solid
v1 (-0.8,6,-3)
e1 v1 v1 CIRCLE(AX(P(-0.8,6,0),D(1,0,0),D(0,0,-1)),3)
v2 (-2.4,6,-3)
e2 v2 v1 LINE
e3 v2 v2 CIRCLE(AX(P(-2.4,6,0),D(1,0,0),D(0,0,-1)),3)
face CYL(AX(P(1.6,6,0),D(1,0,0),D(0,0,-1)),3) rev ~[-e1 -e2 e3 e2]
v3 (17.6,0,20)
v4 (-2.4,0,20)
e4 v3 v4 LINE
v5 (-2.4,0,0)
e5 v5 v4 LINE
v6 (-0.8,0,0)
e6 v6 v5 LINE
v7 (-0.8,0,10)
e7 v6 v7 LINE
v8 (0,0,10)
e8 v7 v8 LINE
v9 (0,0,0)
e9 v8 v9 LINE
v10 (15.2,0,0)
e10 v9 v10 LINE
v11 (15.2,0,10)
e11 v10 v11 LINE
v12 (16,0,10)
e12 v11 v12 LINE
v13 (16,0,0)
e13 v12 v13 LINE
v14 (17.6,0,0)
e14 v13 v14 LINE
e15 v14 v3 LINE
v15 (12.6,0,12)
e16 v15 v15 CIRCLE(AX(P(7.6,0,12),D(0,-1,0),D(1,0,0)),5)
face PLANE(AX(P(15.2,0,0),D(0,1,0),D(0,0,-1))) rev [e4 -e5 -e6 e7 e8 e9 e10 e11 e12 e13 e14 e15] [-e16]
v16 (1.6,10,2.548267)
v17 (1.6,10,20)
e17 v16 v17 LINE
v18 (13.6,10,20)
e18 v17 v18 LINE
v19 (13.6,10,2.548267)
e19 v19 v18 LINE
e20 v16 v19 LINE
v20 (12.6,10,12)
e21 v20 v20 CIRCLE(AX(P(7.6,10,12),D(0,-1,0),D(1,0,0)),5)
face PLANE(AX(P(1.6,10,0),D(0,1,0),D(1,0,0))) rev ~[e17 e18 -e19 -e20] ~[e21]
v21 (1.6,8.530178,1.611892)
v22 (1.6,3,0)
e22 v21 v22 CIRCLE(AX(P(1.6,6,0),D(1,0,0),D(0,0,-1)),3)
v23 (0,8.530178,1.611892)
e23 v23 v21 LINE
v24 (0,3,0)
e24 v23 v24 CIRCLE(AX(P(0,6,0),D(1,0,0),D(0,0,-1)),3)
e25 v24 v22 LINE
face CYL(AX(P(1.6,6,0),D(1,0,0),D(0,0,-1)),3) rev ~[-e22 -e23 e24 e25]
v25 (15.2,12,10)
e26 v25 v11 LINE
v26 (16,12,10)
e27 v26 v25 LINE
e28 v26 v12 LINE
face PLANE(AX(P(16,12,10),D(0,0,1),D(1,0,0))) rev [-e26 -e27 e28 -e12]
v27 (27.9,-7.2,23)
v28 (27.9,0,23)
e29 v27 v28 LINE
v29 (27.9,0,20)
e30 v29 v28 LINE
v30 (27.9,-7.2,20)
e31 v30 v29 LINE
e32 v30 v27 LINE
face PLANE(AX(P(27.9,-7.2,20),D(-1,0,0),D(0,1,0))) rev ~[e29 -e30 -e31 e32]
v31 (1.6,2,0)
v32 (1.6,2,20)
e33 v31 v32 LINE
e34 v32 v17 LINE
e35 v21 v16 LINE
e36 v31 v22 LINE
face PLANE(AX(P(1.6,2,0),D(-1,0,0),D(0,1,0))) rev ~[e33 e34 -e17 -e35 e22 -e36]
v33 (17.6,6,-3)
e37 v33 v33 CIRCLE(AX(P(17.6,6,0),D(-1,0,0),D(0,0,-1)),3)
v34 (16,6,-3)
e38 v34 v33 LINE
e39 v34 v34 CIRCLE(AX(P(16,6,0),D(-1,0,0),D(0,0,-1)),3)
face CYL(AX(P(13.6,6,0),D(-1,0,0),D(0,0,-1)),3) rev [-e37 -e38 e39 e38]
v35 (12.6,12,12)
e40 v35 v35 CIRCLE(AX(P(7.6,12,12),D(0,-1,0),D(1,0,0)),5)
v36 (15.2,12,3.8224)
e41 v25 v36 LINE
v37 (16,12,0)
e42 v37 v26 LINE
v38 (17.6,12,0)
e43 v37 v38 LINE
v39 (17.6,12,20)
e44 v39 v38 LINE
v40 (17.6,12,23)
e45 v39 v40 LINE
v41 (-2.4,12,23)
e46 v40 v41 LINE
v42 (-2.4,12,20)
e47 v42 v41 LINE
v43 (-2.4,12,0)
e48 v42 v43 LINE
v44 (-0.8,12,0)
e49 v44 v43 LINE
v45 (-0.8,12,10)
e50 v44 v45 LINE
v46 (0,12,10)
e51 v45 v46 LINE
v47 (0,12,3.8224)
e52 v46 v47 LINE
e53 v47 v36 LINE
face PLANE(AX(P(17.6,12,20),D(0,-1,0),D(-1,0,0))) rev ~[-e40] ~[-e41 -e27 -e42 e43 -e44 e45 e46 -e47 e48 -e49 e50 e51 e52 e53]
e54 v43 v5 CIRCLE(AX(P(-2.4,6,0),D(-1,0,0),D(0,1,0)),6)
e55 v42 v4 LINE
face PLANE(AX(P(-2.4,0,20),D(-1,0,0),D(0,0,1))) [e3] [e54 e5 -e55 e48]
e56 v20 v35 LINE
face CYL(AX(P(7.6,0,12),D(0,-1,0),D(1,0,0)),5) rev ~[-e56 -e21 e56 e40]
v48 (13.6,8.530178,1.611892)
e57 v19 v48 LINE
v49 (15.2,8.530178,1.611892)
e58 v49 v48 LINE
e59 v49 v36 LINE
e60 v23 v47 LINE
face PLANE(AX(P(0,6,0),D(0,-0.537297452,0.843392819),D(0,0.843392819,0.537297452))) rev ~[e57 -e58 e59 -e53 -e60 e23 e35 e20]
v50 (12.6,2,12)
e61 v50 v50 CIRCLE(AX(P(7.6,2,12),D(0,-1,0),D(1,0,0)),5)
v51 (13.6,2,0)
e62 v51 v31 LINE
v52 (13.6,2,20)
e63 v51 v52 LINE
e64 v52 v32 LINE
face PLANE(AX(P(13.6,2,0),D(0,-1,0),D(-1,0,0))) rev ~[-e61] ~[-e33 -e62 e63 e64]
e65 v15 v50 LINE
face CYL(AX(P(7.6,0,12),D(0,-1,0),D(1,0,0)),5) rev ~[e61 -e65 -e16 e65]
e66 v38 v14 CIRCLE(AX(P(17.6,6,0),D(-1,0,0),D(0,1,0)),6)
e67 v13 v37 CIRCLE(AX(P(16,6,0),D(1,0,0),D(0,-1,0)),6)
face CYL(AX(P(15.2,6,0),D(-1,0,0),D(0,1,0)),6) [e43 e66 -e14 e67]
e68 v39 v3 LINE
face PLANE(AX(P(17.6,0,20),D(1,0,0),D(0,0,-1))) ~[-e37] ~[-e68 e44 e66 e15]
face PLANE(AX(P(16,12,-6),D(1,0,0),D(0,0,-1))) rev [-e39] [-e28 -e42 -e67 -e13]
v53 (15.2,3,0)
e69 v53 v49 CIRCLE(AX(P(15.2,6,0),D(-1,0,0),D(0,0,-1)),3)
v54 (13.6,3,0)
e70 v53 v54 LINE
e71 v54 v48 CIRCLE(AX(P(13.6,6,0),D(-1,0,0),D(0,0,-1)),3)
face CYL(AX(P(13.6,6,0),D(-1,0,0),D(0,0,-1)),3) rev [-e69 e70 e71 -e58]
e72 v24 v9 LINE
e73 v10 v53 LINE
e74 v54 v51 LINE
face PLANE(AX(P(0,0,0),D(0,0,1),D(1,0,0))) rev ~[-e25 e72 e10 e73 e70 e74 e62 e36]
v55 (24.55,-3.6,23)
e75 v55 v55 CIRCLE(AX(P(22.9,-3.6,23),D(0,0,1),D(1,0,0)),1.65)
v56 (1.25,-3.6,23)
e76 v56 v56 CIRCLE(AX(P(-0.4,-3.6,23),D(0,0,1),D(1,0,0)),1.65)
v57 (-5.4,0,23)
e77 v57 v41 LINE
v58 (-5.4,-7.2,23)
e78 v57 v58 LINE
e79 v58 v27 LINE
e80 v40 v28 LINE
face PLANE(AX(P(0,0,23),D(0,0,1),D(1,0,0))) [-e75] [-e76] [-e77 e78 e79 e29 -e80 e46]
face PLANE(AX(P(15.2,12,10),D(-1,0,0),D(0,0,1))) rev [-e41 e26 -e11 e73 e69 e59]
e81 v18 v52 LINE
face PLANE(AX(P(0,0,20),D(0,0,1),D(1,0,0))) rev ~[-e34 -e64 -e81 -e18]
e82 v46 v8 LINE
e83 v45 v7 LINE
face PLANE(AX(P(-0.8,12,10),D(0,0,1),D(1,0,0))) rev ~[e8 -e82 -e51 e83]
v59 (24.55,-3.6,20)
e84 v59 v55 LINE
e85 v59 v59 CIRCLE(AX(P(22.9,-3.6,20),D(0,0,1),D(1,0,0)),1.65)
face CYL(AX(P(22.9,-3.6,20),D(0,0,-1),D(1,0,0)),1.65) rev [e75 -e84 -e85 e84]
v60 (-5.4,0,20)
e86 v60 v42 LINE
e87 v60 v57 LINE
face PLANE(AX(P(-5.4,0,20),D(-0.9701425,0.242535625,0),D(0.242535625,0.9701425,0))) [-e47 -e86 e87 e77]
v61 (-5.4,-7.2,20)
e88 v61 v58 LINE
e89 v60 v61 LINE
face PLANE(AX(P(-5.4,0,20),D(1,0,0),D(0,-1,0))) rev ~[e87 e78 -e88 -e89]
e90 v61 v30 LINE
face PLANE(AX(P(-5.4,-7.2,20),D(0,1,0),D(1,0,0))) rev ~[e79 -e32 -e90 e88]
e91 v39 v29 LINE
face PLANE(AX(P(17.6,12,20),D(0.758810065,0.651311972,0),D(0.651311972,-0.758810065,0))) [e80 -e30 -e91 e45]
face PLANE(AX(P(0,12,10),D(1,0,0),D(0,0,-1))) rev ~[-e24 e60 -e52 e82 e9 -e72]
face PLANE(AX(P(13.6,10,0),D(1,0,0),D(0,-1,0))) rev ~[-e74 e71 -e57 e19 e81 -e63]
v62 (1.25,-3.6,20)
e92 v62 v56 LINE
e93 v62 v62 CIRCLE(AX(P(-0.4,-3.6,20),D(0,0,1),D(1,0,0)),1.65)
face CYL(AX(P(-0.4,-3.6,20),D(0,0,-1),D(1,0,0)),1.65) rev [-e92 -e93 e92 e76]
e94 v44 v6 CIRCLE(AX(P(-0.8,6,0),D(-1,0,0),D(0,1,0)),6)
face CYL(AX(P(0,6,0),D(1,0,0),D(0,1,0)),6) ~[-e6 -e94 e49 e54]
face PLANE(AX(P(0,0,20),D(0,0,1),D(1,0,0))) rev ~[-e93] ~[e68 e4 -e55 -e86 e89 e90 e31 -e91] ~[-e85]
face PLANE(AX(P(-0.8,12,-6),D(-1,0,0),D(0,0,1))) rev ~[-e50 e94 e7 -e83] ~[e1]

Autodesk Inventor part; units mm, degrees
ref_plane "YZ Plane" through (0, 0, 0) normal (1, 0, 0) x (0, 1, 0)
ref_plane "XZ Plane" through (0, 0, 0) normal (0, 1, 0) x (-1, 0, 0)
sketch "Sketch1" plane through (0, 0, 0) normal (0, 0, 1) x (1, 0, 0)
  line L0 (0, 0) -> (15.2, 0)
  line L1 (15.2, 0) -> (15.2, 12)
  line L2 (15.2, 12) -> (0, 12)
  line L3 (0, 12) -> (0, 0)
  line L4 (1.6, 10) -> (13.6, 10)
  line L5 (13.6, 10) -> (13.6, 2)
  line L6 (13.6, 2) -> (1.6, 2)
  line L7 (1.6, 2) -> (1.6, 10)
  dimension "d0" = 15.2
  dimension "d1" = 12
  dimension "d2" = 1.6
  dimension "d3" = 2
  dimension "d4" = 2
  dimension "d5" = 1.6
extrude "Extrusion1" add sketch "Sketch1" along normal blind 20
sketch "Sketch2" plane through (0, 0, 0) normal (1, 0, 0) x (0, 1, 0)
  line L0 (0, 0) -> (12, 0) construction
  line L1 (6, 13.0663) -> (6, -2.0093) construction
  line L2 (0, 0) -> (0, 20) construction
  line L3 (12, 0) -> (12, 20) construction
  line L4 (6, 0) -> (12, 3.8224)
  line L5 (12, 3.8224) -> (12, 0)
  line L6 (12, 0) -> (6, 0)
  dimension "d8" = 12
  dimension "d9" = 6
  dimension "d10" = 32.5
extrude "Extrusion2" cut sketch "Sketch2" along normal through all
sketch "Sketch9" plane through (0, 0, 20) normal (-1, 0, 0) x (0, 0, 1)
  line L0 (-20, 0) -> (0, 0) construction
  line L1 (0, 12) -> (0, 0) construction
  line L2 (-16.1776, 12) -> (0, 12) construction
  line L3 (-20, 0) -> (-20, 14.5103) construction
  line L4 (-20, 0) -> (0, 0)
  line L5 (0, 12) -> (0, 0)
  line L6 (0, 12) -> (-20, 12)
  arc A0 (-20, 12) -> (-20, 0) centre (-20, 6) ccw
extrude "Extrusion8" add sketch "Sketch9" along normal blind 2.4
sketch "Sketch4" plane through (1.6, 2, 20) normal (1, 0, 0) x (0, 0, -1)
  circle A0 centre (20, 4) radius 3
  point P0 (20, -2)
  dimension "d14" = 6
extrude "Extrusion3" cut sketch "Sketch4" along normal through all both and the other way through all
sketch "Sketch11" plane through (15.2, 12, 20) normal (0, 1, 0) x (1, 0, 0)
  line L0 (0, 0) -> (-17.6, 0) construction
  line L1 (-15.2, 26) -> (-15.2, 20) construction
  line L2 (-15.2, 26) -> (-16, 26)
  line L3 (-16, 26) -> (-16, 10)
  line L4 (-16, 10) -> (-15.2, 10)
  line L5 (-15.2, 10) -> (-15.2, 26)
  line L6 (-15.2, 20) -> (-13.6, 20) construction
  dimension "d38" = 10
  dimension "d39" = 0.8
extrude "Extrusion9" cut sketch "Sketch11" against normal through all
ref_plane "Work Plane4" through (7.6, 2, 20) normal (-1, 0, 0) x (0, 0, 1)
mirror "Mirror3" about plane through (7.6, 2, 20) normal (-1, 0, 0) of "Extrusion8", "Extrusion3", "Extrusion9"
sketch "Sketch14" plane through (0, 0, 20) normal (0, 0, 1) x (1, 0, 0)
  line L0 (17.6, 0) -> (-2.4, 0) construction
  line L1 (-2.4, 12) -> (17.6, 12) construction
  line L2 (-5.4, 0) -> (-5.4, -7.2)
  line L3 (-5.4, -7.2) -> (27.9, -7.2)
  line L4 (27.9, -7.2) -> (27.9, 0)
  line L5 (17.6, 12) -> (-2.4, 12)
  line L6 (-5.4, -3.6) -> (27.9, -3.6) construction
  circle A0 centre (-0.4, -3.6) radius 1.65
  line L7 (7.6, 12) -> (7.6, -12.1697) construction
  circle A1 centre (22.9, -3.6) radius 1.65
  line L8 (-5.4, 0) -> (-2.4, 12)
  line L9 (17.6, 12) -> (27.9, 0)
  point P0 (0, 0)
  dimension "d54" = 7.2
  dimension "d55" = 3.3
  dimension "d56" = 8
  dimension "d57" = 15.3
  dimension "d58" = 5
  dimension "d59" = 5
extrude "Extrusion12" add sketch "Sketch14" along normal blind 3
sketch "Sketch15" plane through (-2.4, 0, 0) normal (0, -1, 0) x (1, 0, 0)
  line L0 (2.4, 0) -> (17.6, 0) construction
  line L1 (17.6, 10) -> (18.4, 10) construction
  line L2 (10, 0) -> (10, 23.7385) construction
  circle A0 centre (10, 12) radius 5
  dimension "d62" = 10
  dimension "d63" = 12
extrude "Extrusion13" cut sketch "Sketch15" against normal through all
equation "\"d9\" = 0.5 * d8"
properties part number "chain_end_extruder"
